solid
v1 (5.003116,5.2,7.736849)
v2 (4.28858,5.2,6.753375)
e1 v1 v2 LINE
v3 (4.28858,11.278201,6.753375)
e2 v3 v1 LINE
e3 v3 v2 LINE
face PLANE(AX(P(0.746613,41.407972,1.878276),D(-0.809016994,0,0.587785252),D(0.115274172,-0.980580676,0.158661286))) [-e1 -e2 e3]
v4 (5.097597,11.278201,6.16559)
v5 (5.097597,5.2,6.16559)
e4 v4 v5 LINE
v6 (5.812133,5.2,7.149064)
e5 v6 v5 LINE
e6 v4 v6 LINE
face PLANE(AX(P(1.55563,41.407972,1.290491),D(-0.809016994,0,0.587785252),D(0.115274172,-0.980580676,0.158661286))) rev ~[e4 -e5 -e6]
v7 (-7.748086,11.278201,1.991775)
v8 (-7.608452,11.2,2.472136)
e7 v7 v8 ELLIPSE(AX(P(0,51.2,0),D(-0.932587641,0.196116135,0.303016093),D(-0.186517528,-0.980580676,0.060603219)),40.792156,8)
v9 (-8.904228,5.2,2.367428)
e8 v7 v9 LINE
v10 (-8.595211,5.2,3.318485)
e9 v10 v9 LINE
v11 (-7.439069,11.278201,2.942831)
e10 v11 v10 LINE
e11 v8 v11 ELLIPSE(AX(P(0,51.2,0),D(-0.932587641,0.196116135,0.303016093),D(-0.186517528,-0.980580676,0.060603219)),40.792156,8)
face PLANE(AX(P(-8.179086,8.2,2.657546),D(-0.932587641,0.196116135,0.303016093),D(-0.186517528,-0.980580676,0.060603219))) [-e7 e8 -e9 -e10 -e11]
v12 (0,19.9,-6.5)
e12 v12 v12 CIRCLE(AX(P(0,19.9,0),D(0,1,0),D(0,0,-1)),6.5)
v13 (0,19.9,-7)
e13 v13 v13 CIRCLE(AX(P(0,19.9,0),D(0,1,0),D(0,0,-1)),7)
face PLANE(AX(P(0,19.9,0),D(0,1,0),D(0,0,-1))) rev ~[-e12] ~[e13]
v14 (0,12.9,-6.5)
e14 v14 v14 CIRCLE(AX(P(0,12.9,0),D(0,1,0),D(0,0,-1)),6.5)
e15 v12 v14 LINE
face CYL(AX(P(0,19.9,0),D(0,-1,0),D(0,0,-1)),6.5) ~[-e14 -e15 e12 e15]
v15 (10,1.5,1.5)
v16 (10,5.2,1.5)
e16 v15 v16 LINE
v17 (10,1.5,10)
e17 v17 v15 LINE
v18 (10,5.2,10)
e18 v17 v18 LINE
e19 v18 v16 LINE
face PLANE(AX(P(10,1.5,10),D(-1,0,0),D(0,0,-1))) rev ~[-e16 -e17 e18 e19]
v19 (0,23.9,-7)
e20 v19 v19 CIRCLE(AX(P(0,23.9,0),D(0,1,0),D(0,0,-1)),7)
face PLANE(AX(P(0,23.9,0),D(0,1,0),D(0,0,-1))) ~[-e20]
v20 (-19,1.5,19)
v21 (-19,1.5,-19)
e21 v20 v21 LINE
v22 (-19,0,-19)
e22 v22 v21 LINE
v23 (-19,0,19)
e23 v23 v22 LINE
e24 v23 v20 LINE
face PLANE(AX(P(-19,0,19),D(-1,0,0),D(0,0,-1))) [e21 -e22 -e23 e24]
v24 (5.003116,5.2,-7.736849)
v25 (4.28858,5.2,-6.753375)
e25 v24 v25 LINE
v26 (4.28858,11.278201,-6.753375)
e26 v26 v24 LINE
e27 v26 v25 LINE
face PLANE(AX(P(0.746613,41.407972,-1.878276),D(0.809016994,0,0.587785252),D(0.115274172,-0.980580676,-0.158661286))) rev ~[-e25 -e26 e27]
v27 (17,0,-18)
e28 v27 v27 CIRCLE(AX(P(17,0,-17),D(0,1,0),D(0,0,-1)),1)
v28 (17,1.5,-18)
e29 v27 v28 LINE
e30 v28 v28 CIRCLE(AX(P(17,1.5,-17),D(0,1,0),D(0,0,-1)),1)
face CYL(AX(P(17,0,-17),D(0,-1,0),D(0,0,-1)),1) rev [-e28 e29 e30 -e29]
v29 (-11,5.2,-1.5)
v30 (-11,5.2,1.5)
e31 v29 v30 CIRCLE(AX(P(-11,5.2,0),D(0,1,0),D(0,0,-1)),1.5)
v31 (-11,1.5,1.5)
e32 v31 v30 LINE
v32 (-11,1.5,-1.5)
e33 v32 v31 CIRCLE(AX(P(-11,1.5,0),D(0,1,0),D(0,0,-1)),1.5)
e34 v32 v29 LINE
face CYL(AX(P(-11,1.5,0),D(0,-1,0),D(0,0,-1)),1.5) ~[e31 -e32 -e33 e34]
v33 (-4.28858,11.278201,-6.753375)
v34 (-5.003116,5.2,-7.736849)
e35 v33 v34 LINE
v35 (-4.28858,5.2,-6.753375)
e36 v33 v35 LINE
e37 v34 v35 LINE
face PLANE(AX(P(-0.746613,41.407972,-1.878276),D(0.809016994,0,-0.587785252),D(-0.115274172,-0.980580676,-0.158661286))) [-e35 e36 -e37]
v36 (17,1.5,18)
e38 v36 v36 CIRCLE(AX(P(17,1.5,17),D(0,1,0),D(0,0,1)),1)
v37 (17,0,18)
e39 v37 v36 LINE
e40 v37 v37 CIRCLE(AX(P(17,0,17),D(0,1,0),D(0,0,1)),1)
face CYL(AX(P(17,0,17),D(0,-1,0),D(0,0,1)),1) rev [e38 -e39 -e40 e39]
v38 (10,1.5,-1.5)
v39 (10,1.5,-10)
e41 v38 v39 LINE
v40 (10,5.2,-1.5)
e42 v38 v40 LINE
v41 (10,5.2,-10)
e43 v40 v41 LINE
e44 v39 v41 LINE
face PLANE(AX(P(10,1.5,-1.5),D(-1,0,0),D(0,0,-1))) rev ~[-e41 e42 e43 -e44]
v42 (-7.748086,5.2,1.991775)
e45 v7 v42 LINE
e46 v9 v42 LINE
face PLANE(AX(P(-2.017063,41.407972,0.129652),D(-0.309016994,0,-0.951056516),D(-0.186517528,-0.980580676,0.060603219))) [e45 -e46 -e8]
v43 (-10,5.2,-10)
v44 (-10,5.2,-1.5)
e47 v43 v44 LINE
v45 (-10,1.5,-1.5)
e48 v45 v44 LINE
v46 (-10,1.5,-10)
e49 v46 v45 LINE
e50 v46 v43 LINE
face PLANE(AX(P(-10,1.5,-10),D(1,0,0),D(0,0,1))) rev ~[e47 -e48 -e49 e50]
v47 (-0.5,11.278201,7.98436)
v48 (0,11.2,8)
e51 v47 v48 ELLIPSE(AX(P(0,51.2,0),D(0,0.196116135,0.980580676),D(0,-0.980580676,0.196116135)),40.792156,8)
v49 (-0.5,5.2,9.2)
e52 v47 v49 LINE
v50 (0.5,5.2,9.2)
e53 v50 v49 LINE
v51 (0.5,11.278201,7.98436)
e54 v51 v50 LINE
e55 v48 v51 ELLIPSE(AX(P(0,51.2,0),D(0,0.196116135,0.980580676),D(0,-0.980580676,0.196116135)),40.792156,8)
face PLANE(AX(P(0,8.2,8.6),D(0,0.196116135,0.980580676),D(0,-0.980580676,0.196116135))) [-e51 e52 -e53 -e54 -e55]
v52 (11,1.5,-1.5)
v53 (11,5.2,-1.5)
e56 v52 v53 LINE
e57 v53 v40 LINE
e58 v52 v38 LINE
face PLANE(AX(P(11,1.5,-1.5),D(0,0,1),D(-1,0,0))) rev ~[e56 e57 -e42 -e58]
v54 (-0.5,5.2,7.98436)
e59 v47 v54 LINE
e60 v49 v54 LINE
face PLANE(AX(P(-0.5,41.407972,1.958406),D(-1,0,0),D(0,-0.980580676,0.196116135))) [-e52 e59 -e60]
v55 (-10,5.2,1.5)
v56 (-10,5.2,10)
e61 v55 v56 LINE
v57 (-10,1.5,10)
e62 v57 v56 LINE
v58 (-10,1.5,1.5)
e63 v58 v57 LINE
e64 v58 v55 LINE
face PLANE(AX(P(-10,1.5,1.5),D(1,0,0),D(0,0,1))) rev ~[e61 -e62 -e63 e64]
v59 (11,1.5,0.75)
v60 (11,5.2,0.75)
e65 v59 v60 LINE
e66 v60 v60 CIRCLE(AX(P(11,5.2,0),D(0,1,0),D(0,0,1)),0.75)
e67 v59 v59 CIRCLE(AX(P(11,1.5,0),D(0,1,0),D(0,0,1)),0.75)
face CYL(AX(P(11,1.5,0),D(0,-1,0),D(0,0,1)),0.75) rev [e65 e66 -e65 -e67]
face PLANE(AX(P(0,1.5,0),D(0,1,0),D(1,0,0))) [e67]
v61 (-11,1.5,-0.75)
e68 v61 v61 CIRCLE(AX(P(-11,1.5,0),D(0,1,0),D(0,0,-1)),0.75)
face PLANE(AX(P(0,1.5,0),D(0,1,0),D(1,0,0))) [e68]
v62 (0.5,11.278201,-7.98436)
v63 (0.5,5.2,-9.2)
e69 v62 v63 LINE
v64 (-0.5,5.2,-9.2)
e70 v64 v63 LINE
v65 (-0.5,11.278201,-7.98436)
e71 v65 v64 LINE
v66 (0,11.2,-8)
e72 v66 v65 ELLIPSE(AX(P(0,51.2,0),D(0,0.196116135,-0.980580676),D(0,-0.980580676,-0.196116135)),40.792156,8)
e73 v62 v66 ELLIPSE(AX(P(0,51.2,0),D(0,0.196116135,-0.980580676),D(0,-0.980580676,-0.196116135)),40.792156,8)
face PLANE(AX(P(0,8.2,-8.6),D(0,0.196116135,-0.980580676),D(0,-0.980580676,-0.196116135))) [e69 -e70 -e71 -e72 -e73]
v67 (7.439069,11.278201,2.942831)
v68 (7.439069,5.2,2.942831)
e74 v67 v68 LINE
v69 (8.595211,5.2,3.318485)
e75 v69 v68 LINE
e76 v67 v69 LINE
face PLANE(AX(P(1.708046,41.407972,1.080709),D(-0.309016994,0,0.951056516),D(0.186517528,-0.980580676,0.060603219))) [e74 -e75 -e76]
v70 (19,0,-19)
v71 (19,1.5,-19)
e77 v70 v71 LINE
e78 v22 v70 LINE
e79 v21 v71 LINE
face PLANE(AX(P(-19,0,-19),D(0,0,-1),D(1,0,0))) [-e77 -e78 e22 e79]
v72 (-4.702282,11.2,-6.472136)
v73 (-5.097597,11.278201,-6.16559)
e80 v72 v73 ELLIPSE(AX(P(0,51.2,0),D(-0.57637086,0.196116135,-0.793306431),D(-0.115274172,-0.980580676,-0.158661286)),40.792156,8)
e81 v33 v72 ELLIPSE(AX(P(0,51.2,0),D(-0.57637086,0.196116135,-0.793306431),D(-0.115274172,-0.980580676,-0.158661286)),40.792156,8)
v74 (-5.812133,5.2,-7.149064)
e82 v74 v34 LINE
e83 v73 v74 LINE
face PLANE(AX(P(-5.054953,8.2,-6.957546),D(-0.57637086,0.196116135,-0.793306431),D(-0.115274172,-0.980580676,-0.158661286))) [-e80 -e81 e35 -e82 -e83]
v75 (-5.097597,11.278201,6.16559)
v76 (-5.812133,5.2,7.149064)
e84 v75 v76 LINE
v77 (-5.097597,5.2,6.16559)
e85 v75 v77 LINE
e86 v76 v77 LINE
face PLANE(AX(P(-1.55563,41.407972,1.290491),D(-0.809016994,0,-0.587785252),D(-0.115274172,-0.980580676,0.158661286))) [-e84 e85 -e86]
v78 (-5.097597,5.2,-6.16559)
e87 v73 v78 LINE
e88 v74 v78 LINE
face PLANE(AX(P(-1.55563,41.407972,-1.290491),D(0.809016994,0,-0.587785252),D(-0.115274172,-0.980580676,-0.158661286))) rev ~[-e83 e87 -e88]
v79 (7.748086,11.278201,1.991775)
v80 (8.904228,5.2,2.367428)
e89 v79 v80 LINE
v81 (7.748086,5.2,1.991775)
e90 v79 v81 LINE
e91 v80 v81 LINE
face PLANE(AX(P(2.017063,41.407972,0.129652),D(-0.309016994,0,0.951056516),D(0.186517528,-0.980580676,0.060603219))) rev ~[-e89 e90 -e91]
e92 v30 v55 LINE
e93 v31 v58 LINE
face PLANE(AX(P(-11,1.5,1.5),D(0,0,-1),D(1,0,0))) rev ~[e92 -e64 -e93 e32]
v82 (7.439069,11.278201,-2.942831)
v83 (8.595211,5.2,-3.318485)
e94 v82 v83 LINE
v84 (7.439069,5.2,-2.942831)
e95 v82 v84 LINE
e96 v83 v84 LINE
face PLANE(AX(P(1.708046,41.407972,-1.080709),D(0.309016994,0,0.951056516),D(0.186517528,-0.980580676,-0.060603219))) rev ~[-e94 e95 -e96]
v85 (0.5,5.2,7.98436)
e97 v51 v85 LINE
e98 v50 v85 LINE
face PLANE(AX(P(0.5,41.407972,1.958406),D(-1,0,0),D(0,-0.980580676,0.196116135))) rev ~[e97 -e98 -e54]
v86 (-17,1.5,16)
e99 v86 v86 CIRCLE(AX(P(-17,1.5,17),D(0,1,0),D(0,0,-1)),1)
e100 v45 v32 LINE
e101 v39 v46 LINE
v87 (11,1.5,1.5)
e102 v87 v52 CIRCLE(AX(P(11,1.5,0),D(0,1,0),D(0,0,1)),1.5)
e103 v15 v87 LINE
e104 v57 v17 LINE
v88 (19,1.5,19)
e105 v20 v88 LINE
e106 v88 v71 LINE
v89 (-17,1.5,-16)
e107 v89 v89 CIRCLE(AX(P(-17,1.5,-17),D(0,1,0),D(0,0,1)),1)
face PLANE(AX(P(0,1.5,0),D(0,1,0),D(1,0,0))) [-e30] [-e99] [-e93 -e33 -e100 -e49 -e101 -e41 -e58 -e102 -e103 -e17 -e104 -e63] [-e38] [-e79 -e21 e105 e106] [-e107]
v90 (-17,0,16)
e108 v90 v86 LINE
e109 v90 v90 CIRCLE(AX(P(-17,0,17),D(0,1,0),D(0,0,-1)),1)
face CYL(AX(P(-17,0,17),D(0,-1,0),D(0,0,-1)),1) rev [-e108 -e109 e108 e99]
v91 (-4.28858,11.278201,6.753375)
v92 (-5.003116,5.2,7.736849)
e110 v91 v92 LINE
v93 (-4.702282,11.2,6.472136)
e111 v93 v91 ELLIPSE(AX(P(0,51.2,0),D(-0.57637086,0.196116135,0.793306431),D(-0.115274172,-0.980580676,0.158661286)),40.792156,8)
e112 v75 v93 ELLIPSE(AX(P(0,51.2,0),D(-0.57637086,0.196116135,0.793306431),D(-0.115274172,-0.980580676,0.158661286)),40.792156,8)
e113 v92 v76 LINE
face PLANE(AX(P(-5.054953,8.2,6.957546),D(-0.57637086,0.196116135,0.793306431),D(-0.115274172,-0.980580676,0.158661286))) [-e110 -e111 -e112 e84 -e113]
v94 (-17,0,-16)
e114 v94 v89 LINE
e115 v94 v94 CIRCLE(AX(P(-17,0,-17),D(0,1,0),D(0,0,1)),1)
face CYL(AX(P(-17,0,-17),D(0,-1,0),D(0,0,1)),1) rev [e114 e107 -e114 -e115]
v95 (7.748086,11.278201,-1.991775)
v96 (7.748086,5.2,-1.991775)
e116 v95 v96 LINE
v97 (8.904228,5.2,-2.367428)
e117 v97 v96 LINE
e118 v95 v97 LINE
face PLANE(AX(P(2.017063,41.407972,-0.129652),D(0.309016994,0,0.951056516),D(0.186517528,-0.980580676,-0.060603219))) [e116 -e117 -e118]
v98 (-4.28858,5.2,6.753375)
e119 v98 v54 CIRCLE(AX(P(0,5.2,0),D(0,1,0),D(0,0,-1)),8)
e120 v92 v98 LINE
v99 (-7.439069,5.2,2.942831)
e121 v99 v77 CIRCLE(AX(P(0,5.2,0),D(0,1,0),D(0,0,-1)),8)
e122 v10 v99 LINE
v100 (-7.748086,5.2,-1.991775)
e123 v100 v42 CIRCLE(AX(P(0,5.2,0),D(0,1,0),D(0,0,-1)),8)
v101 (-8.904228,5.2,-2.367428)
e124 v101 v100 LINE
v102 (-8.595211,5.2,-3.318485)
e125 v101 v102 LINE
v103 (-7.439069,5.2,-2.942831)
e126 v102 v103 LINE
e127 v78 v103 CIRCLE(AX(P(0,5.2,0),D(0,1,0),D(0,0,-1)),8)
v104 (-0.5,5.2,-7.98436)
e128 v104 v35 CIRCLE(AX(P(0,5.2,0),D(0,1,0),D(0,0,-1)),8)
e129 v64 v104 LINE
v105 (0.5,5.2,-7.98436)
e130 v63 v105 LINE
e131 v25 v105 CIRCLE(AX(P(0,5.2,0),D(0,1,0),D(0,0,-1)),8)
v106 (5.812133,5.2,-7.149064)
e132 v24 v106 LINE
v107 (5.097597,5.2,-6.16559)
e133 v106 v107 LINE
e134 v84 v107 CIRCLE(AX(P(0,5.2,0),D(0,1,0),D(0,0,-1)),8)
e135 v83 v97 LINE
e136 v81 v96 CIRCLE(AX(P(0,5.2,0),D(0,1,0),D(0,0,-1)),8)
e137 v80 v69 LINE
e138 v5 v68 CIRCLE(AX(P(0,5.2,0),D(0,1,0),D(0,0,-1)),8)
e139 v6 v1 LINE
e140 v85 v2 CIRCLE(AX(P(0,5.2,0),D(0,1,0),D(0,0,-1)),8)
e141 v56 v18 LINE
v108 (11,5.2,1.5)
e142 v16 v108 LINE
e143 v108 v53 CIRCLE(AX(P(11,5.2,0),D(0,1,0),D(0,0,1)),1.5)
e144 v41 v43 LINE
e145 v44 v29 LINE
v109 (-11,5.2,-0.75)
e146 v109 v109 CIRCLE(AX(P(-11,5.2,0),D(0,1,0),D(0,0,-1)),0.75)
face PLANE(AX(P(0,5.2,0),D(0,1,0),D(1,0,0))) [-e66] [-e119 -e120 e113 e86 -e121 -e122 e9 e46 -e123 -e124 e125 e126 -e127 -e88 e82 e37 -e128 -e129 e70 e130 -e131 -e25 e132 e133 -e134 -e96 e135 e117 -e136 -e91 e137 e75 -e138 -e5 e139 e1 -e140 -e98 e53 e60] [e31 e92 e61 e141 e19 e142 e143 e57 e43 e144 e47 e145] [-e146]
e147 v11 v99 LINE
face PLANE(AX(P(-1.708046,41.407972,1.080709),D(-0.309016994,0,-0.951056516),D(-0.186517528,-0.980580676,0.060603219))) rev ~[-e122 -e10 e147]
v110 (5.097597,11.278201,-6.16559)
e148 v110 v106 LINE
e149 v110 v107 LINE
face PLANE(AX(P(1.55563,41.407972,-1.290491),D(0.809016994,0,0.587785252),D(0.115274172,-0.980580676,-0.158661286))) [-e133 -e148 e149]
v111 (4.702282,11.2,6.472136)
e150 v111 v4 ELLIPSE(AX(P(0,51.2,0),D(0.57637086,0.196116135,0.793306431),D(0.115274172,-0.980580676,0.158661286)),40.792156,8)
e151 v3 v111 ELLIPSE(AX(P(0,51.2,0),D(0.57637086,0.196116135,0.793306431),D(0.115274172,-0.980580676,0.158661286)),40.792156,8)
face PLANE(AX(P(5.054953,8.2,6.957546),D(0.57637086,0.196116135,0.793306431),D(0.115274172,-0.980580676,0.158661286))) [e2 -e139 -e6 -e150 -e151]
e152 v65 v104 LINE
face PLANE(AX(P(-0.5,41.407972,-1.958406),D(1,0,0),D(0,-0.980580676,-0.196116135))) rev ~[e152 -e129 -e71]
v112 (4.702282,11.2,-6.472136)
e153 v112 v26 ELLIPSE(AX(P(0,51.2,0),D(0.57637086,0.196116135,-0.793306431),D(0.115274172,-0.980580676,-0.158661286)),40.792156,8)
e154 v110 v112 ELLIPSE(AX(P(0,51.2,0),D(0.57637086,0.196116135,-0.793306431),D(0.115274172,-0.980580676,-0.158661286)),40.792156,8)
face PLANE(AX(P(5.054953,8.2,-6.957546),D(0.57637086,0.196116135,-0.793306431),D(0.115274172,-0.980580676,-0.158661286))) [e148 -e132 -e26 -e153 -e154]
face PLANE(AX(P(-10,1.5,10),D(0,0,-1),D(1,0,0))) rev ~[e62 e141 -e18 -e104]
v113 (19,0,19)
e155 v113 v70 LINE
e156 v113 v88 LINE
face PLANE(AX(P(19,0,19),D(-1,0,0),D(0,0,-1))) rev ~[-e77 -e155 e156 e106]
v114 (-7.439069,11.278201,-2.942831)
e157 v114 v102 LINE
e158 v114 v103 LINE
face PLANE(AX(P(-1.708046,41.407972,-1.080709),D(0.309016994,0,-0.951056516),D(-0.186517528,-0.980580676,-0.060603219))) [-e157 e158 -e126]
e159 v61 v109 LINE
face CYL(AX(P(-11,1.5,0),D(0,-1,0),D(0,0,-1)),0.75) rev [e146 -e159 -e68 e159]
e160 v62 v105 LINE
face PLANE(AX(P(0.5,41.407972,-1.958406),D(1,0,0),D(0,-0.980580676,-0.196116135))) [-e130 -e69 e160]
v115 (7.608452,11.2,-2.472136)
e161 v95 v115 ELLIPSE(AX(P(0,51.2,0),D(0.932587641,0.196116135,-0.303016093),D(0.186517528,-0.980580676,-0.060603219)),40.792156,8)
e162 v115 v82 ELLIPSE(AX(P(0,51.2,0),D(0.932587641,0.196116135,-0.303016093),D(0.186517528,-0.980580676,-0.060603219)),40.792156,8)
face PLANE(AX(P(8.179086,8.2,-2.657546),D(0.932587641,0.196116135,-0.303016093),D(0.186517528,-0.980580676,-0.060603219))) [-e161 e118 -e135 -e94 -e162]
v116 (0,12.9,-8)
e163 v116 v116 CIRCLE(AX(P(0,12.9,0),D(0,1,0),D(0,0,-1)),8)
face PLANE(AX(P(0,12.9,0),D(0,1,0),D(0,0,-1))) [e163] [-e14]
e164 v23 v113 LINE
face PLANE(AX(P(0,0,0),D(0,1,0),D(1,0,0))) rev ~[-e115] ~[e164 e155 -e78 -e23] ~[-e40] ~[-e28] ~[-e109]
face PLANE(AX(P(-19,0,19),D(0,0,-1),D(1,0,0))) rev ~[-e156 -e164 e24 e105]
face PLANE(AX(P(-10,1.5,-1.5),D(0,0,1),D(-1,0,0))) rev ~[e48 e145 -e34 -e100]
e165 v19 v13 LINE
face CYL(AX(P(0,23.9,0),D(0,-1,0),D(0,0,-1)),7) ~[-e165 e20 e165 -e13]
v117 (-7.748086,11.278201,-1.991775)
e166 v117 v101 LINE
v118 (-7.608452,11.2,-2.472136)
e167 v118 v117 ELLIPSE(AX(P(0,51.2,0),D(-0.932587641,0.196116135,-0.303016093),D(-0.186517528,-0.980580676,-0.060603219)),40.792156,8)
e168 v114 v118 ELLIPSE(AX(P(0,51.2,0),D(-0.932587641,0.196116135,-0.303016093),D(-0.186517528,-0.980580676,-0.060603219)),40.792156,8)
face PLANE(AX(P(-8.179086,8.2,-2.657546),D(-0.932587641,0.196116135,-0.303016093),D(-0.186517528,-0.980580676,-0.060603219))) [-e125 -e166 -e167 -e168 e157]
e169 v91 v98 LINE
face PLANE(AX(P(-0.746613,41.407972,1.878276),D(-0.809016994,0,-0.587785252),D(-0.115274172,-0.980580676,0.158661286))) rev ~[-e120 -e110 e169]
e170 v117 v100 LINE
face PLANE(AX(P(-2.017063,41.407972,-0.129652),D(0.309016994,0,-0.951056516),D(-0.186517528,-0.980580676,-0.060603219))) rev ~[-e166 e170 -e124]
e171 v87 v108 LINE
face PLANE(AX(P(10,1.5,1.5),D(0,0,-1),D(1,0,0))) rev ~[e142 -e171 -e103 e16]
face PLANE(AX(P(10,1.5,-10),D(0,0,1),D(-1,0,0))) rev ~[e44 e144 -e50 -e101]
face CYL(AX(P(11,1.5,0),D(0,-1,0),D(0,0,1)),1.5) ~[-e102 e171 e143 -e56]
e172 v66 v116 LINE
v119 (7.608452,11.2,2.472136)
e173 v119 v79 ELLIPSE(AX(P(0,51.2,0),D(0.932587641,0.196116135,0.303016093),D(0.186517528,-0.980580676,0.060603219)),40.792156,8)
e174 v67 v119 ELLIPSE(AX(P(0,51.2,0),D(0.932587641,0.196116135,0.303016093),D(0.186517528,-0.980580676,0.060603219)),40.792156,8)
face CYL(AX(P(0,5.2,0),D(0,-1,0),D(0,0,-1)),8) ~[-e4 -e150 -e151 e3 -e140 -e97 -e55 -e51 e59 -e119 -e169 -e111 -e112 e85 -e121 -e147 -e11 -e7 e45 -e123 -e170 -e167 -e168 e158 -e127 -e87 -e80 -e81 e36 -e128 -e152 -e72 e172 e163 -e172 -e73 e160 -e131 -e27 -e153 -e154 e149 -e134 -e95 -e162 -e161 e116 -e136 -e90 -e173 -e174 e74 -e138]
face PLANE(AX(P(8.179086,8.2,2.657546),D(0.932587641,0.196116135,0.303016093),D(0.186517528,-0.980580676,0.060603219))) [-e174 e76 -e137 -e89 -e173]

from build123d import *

# Parameters (mm, degrees)
SKETCH_1_W          = 38
SKETCH_1_H          = 38
SKETCH_1_R          = 1
EXTRUDE_1_DEPTH     = 1.5
SKETCH_2_R          = 0.75
EXTRUDE_2_DEPTH     = 3.7
SKETCH1_R           = 8
BOSS_EXTRUDE1_DEPTH = 7.7
RIB1_REACH          = 31.806
SKETCH4_WALL_W      = 67.73123823
SKETCH4_WALL_H      = 1
CIRPATTERN1_COUNT   = 10


with BuildPart() as part:
    # 草图1 → 凸台-拉伸1 (new body)
    with BuildSketch(Plane(origin=(0, 0, 0), x_dir=(1, 0, 0), z_dir=(0, 1, 0))):
        Rectangle(SKETCH_1_W, SKETCH_1_H)
        with Locations(Location((-17, 17, 0), (0, 0, 270))):
            Circle(SKETCH_1_R, mode=Mode.SUBTRACT)
        with Locations(Location((17, 17, 0), (0, 0, 90))):
            Circle(SKETCH_1_R, mode=Mode.SUBTRACT)
        with Locations(Location((17, -17, 0), (0, 0, 270))):
            Circle(SKETCH_1_R, mode=Mode.SUBTRACT)
        with Locations(Location((-17, -17, 0), (0, 0, 90))):
            Circle(SKETCH_1_R, mode=Mode.SUBTRACT)
    extrude(amount=EXTRUDE_1_DEPTH)

    # 草图2 → 凸台-拉伸2 (add)
    with BuildSketch(Plane(origin=(0, 1.5, 0), x_dir=(1, 0, 0), z_dir=(0, 1, 0))):
        with BuildLine():
            Line((-10, -10), (10, -10))
            Line((10, -10), (10, -1.5))
            Line((10, -1.5), (11, -1.5))
            ThreePointArc((11, -1.5), (12.5, 0), (11, 1.5))
            Line((11, 1.5), (10, 1.5))
            Line((10, 1.5), (10, 10))
            Line((10, 10), (-10, 10))
            Line((-10, 10), (-10, 1.5))
            Line((-10, 1.5), (-11, 1.5))
            ThreePointArc((-11, 1.5), (-12.5, 0), (-11, -1.5))
            Line((-11, -1.5), (-10, -1.5))
            Line((-10, -1.5), (-10, -10))
        make_face()
        with Locations(Location((11, 0, 0), (0, 0, 270))):
            Circle(SKETCH_2_R, mode=Mode.SUBTRACT)
        with Locations(Location((-11, 0, 0), (0, 0, 90))):
            Circle(SKETCH_2_R, mode=Mode.SUBTRACT)
    extrude(amount=EXTRUDE_2_DEPTH)

    # Sketch1 → Boss-Extrude1 (add)
    with BuildSketch(Plane(origin=(0, 5.2, 0), x_dir=(1, 0, 0), z_dir=(0, 1, 0))):
        with Locations(Location((0, 0, 0), (0, 0, 90))):
            Circle(SKETCH1_R)
    extrude(amount=BOSS_EXTRUDE1_DEPTH)

    # Sketch4 wall → Rib1 (add, up to next)
    with BuildSketch(Plane(origin=(0, 8.2, -8.6), x_dir=(0, -0.980580675691, -0.196116135138), z_dir=(0, 0.196116135138, -0.980580675691)), mode=Mode.PRIVATE) as rib1_sk1:
        Rectangle(SKETCH4_WALL_W, SKETCH4_WALL_H)
    rib1_tool1 = extrude(rib1_sk1.sketch, amount=-RIB1_REACH, mode=Mode.PRIVATE) - part.part
    rib1 = rib1_tool1.solids().sort_by_distance((0, 8.2, -8.6))[0]
    add(rib1)

    # CirPattern1: Rib1 ×10 about axis
    cirpattern1_axis = Axis((0, 0, 0), (0, 1, 0))
    for i in range(1, CIRPATTERN1_COUNT):
        add(rib1.rotate(cirpattern1_axis, i * 360 / CIRPATTERN1_COUNT))

    # Sketch5 → Revolve1 (revolve)
    with BuildSketch(Plane(origin=(0, 0, 0), x_dir=(0, 0, -1), z_dir=(1, 0, 0))):
        Polygon((0, 23.9), (7, 23.9), (7, 19.9), (6.5, 19.9), (6.5, 12.9), (0, 12.9), align=None)
    revolve(axis=Axis((0, 12.9, 0), (0, 1, 0)))


solid = part.part
